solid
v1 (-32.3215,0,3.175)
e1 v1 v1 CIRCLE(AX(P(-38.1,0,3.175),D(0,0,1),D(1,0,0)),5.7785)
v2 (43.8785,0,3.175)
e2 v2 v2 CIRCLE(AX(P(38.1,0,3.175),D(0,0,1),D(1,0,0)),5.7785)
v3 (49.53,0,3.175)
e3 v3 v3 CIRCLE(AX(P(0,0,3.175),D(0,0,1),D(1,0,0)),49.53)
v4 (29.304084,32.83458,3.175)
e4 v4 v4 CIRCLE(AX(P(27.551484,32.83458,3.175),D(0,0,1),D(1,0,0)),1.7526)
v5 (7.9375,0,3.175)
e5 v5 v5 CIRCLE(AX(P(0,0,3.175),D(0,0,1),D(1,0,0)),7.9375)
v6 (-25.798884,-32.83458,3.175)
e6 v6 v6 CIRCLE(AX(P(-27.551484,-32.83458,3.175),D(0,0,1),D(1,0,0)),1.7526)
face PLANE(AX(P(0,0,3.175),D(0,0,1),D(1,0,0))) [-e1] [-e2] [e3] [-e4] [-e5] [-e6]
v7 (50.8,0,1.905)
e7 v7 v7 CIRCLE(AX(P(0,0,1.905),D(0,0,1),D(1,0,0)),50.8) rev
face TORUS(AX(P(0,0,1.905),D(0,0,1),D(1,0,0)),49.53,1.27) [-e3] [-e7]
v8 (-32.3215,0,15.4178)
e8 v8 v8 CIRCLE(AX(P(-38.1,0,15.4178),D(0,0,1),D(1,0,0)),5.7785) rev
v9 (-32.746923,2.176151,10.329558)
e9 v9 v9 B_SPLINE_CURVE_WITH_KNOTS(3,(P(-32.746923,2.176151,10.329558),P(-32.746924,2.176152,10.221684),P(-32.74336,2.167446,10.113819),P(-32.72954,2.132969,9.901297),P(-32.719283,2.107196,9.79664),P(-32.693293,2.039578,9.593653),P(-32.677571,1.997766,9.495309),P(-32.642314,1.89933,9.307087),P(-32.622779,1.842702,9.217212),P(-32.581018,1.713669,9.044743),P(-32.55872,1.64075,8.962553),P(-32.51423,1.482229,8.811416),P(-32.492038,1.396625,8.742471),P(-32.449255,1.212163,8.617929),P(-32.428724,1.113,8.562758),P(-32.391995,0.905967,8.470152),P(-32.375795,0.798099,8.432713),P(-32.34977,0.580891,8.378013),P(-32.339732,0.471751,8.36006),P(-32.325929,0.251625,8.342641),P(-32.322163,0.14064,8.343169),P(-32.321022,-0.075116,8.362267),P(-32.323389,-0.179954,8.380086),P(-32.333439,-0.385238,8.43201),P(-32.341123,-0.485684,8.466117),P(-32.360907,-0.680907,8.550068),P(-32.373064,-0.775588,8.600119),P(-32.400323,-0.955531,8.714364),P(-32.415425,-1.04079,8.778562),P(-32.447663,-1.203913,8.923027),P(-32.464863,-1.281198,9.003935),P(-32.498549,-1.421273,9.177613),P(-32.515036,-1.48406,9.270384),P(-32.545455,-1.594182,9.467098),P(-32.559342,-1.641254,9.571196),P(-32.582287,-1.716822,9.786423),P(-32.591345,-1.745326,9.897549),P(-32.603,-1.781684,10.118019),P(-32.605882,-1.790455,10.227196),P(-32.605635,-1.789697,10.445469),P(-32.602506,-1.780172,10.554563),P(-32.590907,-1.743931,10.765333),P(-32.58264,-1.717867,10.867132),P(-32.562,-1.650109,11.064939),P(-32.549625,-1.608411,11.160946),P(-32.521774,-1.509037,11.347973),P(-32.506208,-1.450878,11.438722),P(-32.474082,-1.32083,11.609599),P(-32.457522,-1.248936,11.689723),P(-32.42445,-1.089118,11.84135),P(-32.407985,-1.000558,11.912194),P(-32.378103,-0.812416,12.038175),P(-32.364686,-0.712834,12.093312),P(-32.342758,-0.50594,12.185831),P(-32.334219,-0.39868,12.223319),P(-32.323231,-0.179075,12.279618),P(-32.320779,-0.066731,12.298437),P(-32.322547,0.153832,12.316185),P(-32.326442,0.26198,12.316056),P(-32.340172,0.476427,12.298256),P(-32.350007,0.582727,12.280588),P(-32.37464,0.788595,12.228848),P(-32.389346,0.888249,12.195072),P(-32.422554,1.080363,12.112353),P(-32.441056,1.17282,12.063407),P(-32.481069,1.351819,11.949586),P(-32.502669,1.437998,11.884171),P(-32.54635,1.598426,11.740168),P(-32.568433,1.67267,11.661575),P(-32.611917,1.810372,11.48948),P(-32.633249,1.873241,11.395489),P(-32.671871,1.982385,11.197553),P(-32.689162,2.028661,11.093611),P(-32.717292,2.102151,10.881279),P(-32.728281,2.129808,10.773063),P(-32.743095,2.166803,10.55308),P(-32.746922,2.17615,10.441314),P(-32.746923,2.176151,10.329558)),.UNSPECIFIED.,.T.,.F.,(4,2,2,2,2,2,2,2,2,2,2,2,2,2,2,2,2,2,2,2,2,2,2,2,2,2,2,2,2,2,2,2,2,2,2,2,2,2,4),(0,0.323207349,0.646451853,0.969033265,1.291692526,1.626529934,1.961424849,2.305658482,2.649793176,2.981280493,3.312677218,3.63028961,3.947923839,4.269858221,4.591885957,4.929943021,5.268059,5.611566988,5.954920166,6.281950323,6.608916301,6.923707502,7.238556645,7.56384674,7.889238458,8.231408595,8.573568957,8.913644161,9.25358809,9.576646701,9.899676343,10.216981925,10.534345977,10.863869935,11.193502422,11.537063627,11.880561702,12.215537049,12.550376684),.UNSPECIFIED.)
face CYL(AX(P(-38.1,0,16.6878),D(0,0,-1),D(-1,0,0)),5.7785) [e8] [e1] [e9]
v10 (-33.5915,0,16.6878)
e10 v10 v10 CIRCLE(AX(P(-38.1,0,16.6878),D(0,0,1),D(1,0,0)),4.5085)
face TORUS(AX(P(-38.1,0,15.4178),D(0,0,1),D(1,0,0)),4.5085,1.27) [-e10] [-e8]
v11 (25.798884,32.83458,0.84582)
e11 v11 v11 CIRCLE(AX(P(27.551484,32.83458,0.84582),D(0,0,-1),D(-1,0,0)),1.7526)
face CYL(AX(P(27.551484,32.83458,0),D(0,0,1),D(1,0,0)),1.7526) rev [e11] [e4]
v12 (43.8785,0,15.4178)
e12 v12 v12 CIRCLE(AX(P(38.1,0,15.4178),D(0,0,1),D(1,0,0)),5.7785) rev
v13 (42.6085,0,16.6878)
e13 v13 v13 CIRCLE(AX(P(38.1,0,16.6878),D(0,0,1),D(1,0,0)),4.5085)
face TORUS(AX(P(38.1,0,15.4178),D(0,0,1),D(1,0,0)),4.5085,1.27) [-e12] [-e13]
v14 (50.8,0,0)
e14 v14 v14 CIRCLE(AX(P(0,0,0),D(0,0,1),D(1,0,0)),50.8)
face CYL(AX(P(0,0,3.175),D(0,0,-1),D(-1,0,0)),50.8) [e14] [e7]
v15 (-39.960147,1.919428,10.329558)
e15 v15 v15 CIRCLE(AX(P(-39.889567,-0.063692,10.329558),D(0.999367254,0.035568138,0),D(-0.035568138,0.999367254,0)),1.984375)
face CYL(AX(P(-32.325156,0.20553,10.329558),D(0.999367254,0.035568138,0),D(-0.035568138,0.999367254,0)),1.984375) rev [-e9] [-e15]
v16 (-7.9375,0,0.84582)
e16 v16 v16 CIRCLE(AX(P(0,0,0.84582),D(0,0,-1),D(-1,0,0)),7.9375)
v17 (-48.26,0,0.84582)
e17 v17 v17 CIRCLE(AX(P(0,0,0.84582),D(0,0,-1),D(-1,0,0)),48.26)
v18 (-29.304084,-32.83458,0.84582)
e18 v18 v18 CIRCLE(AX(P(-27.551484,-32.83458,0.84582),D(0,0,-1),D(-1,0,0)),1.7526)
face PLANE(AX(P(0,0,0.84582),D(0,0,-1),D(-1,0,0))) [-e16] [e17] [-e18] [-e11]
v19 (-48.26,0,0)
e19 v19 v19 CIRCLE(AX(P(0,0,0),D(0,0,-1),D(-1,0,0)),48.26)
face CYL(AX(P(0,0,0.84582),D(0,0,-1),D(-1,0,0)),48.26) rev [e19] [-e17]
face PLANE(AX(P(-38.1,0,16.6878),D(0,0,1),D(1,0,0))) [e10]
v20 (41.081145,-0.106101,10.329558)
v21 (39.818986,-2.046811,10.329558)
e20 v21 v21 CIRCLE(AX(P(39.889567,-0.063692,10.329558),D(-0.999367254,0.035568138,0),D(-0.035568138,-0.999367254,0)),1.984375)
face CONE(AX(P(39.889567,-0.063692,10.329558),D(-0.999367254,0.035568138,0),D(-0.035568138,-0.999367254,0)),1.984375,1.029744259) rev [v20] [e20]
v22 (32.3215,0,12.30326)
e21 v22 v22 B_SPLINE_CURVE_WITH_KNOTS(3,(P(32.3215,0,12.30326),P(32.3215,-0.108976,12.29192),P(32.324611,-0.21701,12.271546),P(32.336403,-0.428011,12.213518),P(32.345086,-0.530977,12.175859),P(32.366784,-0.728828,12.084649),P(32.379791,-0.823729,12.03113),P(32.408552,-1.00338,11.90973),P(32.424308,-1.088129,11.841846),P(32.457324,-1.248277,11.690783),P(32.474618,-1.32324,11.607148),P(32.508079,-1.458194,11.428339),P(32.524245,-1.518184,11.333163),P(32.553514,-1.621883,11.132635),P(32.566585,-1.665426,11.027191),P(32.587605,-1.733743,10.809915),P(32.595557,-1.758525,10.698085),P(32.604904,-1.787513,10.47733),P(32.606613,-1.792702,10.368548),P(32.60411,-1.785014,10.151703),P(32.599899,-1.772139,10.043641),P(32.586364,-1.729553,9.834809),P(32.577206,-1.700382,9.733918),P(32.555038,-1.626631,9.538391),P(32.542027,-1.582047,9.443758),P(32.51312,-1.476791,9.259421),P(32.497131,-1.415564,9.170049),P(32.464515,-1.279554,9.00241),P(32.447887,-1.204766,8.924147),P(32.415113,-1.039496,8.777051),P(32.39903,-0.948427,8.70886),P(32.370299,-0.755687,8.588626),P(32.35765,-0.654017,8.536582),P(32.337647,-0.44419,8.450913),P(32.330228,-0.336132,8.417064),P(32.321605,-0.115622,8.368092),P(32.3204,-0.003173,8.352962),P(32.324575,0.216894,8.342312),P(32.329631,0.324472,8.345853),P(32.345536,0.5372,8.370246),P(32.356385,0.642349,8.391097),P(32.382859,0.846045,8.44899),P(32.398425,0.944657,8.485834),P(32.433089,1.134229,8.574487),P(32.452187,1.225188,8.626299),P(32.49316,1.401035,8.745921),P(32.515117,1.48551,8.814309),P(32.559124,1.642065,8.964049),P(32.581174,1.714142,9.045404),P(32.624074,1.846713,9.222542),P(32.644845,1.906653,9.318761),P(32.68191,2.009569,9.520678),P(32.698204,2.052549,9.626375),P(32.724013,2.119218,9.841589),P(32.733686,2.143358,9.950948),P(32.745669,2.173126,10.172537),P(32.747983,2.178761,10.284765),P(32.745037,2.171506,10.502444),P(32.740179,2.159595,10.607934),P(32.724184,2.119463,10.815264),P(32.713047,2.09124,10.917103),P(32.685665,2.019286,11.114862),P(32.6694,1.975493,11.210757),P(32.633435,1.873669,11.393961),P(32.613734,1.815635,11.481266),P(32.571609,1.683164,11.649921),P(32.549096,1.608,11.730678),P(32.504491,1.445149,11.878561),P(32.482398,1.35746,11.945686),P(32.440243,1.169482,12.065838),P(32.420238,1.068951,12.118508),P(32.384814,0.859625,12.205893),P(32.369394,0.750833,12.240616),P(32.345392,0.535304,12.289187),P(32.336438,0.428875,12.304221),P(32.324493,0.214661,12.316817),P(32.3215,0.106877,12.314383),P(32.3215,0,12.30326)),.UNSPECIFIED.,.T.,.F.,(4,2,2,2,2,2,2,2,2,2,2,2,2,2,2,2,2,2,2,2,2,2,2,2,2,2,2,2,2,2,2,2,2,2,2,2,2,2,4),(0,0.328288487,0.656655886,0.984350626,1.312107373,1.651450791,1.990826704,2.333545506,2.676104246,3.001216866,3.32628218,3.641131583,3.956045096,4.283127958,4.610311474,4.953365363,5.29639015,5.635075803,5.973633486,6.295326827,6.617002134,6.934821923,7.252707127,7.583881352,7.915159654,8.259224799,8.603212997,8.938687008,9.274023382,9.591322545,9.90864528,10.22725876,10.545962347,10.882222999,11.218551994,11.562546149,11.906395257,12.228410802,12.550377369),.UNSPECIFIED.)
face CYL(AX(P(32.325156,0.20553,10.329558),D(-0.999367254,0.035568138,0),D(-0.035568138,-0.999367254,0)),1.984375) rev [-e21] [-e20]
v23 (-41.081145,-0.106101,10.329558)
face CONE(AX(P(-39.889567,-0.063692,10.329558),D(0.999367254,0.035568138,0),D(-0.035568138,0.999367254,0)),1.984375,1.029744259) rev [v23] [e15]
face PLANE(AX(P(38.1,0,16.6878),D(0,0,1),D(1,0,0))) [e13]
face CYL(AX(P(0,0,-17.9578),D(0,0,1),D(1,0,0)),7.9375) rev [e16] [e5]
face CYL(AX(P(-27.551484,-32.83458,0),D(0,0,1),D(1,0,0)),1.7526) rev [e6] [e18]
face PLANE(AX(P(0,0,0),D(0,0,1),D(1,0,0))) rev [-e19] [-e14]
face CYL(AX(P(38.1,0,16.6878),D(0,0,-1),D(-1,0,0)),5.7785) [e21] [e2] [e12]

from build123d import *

# Parameters (mm, degrees)
SKETCH1_R           = 50.8
BOSS_EXTRUDE1_DEPTH = 3.175
SKETCH2_R           = 48.26
CUT_EXTRUDE1_DEPTH  = 0.84582
SKETCH3_R           = 7.9375
CUT_EXTRUDE2_DEPTH  = 21.1328
SKETCH4_R           = 1.7526
CUT_EXTRUDE3_DEPTH  = 72.912172996
SKETCH5_R           = 5.7785
BOSS_EXTRUDE2_DEPTH = 13.5128
FILLET1_R           = 1.27
FILLET2_R           = 1.27


with BuildPart() as part:
    # Sketch1 → Boss-Extrude1 (new body)
    with BuildSketch(Plane.XY):
        Circle(SKETCH1_R)
    extrude(amount=BOSS_EXTRUDE1_DEPTH)

    # Sketch2 → Cut-Extrude1 (cut)
    with BuildSketch(Plane(origin=(0, 0, 0), x_dir=(-1, 0, 0), z_dir=(0, 0, -1))):
        Circle(SKETCH2_R)
    extrude(amount=-CUT_EXTRUDE1_DEPTH, mode=Mode.SUBTRACT)

    # Sketch3 → Cut-Extrude2 (cut)
    with BuildSketch(Plane.XY.offset(3.175)):
        Circle(SKETCH3_R)
    extrude(amount=-CUT_EXTRUDE2_DEPTH, mode=Mode.SUBTRACT)

    # Sketch4 → Cut-Extrude3 (cut, through all)
    with BuildSketch(Plane.XY.offset(3.175)):
        with Locations((27.55148392, 32.834579943)):
            Circle(SKETCH4_R)
        with Locations((-27.55148392, -32.834579943)):
            Circle(SKETCH4_R)
    extrude(amount=-CUT_EXTRUDE3_DEPTH, mode=Mode.SUBTRACT)

    # Sketch5 → Boss-Extrude2 (add)
    with BuildSketch(Plane.XY.offset(3.175)):
        with Locations((-38.1, 0)):
            Circle(SKETCH5_R)
        with Locations((38.1, 0)):
            Circle(SKETCH5_R)
    extrude(amount=BOSS_EXTRUDE2_DEPTH)

    # Sketch8 → 5/32 (0.15625) Diameter Hole1 (revolve, cut)
    with BuildSketch(Plane(origin=(-32.325156325, 0.205530485, 10.329557964), x_dir=(-0.03556813784183403, 0.9993672536012296, 0), z_dir=(0, 0, 1))):
        Polygon((0, 0), (0, 8.761532791), (1.984375, 7.5692), (1.984375, 0), align=None)
    f_5_32_0_15625_diameter_hole1 = revolve(axis=Axis((-25.979174265, 0.43138816, 10.329557964), (-0.9993672536012297, -0.03556813784183403, 0)), mode=Mode.SUBTRACT)

    # Mirror1: 5/32 (0.15625) Diameter Hole1 across plane
    add(f_5_32_0_15625_diameter_hole1.mirror(Plane(origin=(0, 0, 0), x_dir=(0, 0, 1), z_dir=(1, 0, 0))), mode=Mode.SUBTRACT)

    # Fillet1
    fillet1_edges = [part.edges().sort_by_distance(p)[0] for p in [
        (-43.8785, 0, 16.6878),
        (32.3215, 0, 16.6878),
    ]]
    fillet(fillet1_edges, radius=FILLET1_R)

    # Fillet2
    fillet2_edges = [part.edges().sort_by_distance(p)[0] for p in [
        (-50.8, 0, 3.175),
    ]]
    fillet(fillet2_edges, radius=FILLET2_R)


solid = part.part
